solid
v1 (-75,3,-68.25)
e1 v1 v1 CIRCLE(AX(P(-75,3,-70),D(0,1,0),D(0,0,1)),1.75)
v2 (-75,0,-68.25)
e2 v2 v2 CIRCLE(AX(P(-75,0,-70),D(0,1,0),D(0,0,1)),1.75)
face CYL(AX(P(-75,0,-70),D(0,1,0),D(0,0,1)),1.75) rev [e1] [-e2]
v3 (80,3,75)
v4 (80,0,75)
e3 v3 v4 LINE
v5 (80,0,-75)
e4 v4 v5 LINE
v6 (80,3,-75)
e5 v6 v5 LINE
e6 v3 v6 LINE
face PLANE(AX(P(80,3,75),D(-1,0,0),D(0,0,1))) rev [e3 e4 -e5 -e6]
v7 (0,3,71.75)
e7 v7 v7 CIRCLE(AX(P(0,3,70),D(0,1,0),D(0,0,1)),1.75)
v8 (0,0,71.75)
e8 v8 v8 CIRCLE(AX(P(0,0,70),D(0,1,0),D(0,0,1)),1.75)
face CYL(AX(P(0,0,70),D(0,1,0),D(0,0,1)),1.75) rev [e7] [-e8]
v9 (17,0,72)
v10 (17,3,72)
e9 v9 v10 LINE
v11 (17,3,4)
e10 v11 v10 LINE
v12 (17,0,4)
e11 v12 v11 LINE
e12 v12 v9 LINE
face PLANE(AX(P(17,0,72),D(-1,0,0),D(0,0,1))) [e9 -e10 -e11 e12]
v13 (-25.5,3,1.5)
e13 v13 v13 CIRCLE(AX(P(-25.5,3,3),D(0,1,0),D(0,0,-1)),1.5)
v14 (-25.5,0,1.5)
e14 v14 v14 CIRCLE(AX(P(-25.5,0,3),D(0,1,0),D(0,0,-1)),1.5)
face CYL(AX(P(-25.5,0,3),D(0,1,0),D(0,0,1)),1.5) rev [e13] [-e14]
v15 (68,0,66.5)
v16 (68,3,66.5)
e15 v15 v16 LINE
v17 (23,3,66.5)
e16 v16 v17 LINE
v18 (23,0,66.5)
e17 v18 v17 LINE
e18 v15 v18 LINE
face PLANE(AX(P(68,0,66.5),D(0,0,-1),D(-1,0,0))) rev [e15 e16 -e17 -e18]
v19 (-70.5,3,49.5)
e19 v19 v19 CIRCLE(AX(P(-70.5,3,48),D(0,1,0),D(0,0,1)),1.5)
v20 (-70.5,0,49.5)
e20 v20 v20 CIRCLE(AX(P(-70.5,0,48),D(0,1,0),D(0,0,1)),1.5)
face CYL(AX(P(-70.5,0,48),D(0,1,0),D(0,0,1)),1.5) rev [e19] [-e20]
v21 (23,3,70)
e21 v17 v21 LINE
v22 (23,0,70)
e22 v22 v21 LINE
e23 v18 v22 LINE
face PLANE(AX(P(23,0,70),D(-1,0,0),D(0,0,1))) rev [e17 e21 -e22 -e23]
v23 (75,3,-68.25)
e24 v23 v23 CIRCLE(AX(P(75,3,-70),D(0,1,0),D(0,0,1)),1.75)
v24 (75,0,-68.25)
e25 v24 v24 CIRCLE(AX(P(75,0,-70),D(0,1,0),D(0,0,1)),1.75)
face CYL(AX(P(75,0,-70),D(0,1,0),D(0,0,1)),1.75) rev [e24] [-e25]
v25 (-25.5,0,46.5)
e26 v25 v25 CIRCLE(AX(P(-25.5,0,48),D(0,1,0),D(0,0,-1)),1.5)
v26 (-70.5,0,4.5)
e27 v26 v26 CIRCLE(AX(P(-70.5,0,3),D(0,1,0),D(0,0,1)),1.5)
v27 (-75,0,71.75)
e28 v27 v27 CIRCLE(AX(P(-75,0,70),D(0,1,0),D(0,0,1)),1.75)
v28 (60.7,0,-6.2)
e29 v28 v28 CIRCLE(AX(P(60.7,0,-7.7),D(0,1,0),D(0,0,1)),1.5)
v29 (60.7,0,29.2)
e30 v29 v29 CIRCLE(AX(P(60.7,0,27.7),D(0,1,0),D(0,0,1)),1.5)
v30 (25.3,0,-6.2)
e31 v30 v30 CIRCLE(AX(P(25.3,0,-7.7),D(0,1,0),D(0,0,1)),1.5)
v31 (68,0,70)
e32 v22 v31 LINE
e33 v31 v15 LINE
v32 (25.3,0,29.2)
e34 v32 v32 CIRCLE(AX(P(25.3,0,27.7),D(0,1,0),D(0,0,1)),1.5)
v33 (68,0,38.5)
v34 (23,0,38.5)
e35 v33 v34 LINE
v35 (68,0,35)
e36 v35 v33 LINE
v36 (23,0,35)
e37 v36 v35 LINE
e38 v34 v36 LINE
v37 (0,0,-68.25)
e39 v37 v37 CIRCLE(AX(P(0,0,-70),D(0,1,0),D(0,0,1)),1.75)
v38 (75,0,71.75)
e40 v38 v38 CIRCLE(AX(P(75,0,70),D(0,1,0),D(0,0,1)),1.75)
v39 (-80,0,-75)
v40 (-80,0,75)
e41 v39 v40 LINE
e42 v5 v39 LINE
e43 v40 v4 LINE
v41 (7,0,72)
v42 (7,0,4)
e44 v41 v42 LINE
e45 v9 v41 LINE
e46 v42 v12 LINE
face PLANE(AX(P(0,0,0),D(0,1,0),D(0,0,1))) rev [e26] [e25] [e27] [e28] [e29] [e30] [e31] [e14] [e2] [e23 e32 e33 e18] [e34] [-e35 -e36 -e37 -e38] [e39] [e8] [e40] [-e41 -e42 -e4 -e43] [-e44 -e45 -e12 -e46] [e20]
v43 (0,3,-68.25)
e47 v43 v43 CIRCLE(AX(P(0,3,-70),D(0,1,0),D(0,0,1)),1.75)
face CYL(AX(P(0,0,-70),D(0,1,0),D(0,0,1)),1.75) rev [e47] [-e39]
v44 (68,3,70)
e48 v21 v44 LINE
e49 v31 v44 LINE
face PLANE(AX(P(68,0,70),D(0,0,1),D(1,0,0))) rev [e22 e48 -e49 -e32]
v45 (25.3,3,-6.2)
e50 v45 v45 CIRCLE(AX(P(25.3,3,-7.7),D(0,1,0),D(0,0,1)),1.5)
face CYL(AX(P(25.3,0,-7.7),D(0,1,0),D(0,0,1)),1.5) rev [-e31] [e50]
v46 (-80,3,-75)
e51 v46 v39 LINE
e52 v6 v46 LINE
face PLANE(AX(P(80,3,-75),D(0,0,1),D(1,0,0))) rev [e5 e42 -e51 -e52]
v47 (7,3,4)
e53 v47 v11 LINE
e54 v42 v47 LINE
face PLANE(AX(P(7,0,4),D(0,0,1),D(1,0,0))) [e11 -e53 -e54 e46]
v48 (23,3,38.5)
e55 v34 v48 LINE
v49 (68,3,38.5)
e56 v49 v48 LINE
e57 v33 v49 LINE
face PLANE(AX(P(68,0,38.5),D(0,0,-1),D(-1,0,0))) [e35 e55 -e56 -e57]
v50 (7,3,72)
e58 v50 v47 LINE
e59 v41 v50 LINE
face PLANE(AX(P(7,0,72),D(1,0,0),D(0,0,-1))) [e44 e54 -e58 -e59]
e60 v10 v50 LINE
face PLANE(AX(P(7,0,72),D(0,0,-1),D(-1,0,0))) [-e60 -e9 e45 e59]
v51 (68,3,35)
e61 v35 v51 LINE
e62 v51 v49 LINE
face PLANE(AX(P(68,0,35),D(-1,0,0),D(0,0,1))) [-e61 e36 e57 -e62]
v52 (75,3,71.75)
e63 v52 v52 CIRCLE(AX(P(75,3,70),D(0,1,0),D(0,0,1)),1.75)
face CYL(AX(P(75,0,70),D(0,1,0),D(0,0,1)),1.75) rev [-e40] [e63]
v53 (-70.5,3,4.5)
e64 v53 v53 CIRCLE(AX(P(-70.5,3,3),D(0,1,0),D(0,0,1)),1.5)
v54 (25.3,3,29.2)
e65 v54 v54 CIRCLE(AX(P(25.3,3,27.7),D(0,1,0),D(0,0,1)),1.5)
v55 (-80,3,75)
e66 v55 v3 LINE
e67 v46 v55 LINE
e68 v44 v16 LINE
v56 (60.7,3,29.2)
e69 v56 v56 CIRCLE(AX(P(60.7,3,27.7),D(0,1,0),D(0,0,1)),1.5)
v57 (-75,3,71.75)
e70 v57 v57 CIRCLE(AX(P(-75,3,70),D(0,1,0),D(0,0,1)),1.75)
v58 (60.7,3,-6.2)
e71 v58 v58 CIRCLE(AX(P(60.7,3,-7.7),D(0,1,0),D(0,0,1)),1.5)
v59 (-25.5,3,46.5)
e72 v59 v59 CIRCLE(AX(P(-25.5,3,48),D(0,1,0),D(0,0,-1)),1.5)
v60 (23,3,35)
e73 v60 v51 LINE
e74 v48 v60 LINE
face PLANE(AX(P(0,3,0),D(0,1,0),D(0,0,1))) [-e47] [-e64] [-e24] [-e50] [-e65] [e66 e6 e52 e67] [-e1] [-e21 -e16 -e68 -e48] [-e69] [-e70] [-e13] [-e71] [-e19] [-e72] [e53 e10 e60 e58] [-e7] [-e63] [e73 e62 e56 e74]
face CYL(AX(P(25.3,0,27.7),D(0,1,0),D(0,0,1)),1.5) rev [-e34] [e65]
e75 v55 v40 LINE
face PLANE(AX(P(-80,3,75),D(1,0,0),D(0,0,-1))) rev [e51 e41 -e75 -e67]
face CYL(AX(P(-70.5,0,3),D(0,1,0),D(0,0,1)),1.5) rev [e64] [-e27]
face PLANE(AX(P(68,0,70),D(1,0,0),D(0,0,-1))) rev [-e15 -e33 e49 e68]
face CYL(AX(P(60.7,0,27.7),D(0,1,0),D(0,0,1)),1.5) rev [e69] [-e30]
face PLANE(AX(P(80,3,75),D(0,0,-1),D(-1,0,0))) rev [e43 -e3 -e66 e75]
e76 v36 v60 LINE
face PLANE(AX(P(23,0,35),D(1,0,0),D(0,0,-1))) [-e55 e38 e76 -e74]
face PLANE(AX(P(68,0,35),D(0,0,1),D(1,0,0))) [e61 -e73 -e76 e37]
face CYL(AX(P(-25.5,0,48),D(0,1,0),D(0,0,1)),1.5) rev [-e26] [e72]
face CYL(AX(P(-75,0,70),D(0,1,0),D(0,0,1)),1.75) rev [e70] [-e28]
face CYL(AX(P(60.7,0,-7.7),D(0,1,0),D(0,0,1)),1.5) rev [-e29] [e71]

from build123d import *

# Parameters (mm, degrees)
SCHIZZO1_W                      = 160
SCHIZZO1_H                      = 150
BASE_DEPTH                      = 3
SCHIZZO2_W                      = 10
SCHIZZO2_H                      = 68
TAGLIOPMSINISTRA_DEPTH          = 110.69958979
SCHIZZO6_W                      = 45
SCHIZZO6_H                      = 3.5
FOROBECBASSO_DEPTH              = 110.69958979
SCHIZZO8_R                      = 1.5
FORIVITIPM_DEPTH                = 110.69958979
SCHIZZO9_R                      = 1.5
FORIVITICOMPANION_DEPTH         = 110.69958979
SCHIZZO12_R                     = 1.75
FORICOLLEGAMENTOFUSOLIERA_DEPTH = 110.69958979
SCHIZZO13_W                     = 10
SCHIZZO13_H                     = 68
CHIUSURATAGLIOSINISTROPM_DEPTH  = 3


with BuildPart() as part:
    # Schizzo1 → Base (new body)
    with BuildSketch(Plane(origin=(0, 0, 0), x_dir=(1, 0, 0), z_dir=(0, 1, 0))):
        Rectangle(SCHIZZO1_W, SCHIZZO1_H)
    extrude(amount=BASE_DEPTH)

    # Schizzo2 → TaglioPMSinistra (cut, through all)
    with BuildSketch(Plane(origin=(0, 3, 0), x_dir=(1, 0, 0), z_dir=(0, 1, 0))):
        with Locations((-58, -38)):
            Rectangle(SCHIZZO2_W, SCHIZZO2_H)
    tagliopmsinistra = extrude(amount=-TAGLIOPMSINISTRA_DEPTH, mode=Mode.SUBTRACT)

    # TaglioPMDestra: TaglioPMSinistra across plane
    add(tagliopmsinistra.mirror(Plane(origin=(-23, 0, 0), x_dir=(0, 0, 1), z_dir=(1, 0, 0))), mode=Mode.SUBTRACT)

    # Schizzo6 → ForoBECBasso (cut, through all)
    with BuildSketch(Plane(origin=(0, 3, 0), x_dir=(1, 0, 0), z_dir=(0, 1, 0))):
        with Locations((45.5, -68.25)):
            Rectangle(SCHIZZO6_W, SCHIZZO6_H)
    forobecbasso = extrude(amount=-FOROBECBASSO_DEPTH, mode=Mode.SUBTRACT)

    # ForoBECAlto: ForoBECBasso across plane
    add(forobecbasso.mirror(Plane.XY.offset(52.5)), mode=Mode.SUBTRACT)

    # Schizzo8 → ForiVitiPM (cut, through all)
    with BuildSketch(Plane(origin=(0, 3, 0), x_dir=(1, 0, 0), z_dir=(0, 1, 0))):
        with Locations(Location((-70.5, -3, 0), (0, 0, 270))):
            Circle(SCHIZZO8_R)
        with Locations(Location((-70.5, -48, 0), (0, 0, 270))):
            Circle(SCHIZZO8_R)
        with Locations(Location((-25.5, -48, 0), (0, 0, 90))):
            Circle(SCHIZZO8_R)
        with Locations(Location((-25.5, -3, 0), (0, 0, 90))):
            Circle(SCHIZZO8_R)
    extrude(amount=-FORIVITIPM_DEPTH, mode=Mode.SUBTRACT)

    # Schizzo9 → ForiVitiCompanion (cut, through all)
    with BuildSketch(Plane(origin=(0, 3, 0), x_dir=(1, 0, 0), z_dir=(0, 1, 0))):
        with Locations(Location((60.7, -27.7, 0), (0, 0, 270))):
            Circle(SCHIZZO9_R)
        with Locations(Location((25.3, -27.7, 0), (0, 0, 270))):
            Circle(SCHIZZO9_R)
        with Locations(Location((25.3, 7.7, 0), (0, 0, 270))):
            Circle(SCHIZZO9_R)
        with Locations(Location((60.7, 7.7, 0), (0, 0, 270))):
            Circle(SCHIZZO9_R)
    extrude(amount=-FORIVITICOMPANION_DEPTH, mode=Mode.SUBTRACT)

    # Schizzo12 → ForiCollegamentoFusoliera (cut, through all)
    with BuildSketch(Plane(origin=(0, 3, 0), x_dir=(1, 0, 0), z_dir=(0, 1, 0))):
        with Locations(Location((-75, 70, 0), (0, 0, 270))):
            Circle(SCHIZZO12_R)
        with Locations(Location((75, 70, 0), (0, 0, 270))):
            Circle(SCHIZZO12_R)
        with Locations(Location((0, 70, 0), (0, 0, 270))):
            Circle(SCHIZZO12_R)
        with Locations(Location((-75, -70, 0), (0, 0, 270))):
            Circle(SCHIZZO12_R)
        with Locations(Location((0, -70, 0), (0, 0, 270))):
            Circle(SCHIZZO12_R)
        with Locations(Location((75, -70, 0), (0, 0, 270))):
            Circle(SCHIZZO12_R)
    extrude(amount=-FORICOLLEGAMENTOFUSOLIERA_DEPTH, mode=Mode.SUBTRACT)

    # Schizzo13 → ChiusuraTaglioSinistroPM (add, through all)
    with BuildSketch(Plane(origin=(0, 3, 0), x_dir=(1, 0, 0), z_dir=(0, 1, 0))):
        with Locations((-58, -38)):
            Rectangle(SCHIZZO13_W, SCHIZZO13_H)
    extrude(amount=-CHIUSURATAGLIOSINISTROPM_DEPTH)


solid = part.part
